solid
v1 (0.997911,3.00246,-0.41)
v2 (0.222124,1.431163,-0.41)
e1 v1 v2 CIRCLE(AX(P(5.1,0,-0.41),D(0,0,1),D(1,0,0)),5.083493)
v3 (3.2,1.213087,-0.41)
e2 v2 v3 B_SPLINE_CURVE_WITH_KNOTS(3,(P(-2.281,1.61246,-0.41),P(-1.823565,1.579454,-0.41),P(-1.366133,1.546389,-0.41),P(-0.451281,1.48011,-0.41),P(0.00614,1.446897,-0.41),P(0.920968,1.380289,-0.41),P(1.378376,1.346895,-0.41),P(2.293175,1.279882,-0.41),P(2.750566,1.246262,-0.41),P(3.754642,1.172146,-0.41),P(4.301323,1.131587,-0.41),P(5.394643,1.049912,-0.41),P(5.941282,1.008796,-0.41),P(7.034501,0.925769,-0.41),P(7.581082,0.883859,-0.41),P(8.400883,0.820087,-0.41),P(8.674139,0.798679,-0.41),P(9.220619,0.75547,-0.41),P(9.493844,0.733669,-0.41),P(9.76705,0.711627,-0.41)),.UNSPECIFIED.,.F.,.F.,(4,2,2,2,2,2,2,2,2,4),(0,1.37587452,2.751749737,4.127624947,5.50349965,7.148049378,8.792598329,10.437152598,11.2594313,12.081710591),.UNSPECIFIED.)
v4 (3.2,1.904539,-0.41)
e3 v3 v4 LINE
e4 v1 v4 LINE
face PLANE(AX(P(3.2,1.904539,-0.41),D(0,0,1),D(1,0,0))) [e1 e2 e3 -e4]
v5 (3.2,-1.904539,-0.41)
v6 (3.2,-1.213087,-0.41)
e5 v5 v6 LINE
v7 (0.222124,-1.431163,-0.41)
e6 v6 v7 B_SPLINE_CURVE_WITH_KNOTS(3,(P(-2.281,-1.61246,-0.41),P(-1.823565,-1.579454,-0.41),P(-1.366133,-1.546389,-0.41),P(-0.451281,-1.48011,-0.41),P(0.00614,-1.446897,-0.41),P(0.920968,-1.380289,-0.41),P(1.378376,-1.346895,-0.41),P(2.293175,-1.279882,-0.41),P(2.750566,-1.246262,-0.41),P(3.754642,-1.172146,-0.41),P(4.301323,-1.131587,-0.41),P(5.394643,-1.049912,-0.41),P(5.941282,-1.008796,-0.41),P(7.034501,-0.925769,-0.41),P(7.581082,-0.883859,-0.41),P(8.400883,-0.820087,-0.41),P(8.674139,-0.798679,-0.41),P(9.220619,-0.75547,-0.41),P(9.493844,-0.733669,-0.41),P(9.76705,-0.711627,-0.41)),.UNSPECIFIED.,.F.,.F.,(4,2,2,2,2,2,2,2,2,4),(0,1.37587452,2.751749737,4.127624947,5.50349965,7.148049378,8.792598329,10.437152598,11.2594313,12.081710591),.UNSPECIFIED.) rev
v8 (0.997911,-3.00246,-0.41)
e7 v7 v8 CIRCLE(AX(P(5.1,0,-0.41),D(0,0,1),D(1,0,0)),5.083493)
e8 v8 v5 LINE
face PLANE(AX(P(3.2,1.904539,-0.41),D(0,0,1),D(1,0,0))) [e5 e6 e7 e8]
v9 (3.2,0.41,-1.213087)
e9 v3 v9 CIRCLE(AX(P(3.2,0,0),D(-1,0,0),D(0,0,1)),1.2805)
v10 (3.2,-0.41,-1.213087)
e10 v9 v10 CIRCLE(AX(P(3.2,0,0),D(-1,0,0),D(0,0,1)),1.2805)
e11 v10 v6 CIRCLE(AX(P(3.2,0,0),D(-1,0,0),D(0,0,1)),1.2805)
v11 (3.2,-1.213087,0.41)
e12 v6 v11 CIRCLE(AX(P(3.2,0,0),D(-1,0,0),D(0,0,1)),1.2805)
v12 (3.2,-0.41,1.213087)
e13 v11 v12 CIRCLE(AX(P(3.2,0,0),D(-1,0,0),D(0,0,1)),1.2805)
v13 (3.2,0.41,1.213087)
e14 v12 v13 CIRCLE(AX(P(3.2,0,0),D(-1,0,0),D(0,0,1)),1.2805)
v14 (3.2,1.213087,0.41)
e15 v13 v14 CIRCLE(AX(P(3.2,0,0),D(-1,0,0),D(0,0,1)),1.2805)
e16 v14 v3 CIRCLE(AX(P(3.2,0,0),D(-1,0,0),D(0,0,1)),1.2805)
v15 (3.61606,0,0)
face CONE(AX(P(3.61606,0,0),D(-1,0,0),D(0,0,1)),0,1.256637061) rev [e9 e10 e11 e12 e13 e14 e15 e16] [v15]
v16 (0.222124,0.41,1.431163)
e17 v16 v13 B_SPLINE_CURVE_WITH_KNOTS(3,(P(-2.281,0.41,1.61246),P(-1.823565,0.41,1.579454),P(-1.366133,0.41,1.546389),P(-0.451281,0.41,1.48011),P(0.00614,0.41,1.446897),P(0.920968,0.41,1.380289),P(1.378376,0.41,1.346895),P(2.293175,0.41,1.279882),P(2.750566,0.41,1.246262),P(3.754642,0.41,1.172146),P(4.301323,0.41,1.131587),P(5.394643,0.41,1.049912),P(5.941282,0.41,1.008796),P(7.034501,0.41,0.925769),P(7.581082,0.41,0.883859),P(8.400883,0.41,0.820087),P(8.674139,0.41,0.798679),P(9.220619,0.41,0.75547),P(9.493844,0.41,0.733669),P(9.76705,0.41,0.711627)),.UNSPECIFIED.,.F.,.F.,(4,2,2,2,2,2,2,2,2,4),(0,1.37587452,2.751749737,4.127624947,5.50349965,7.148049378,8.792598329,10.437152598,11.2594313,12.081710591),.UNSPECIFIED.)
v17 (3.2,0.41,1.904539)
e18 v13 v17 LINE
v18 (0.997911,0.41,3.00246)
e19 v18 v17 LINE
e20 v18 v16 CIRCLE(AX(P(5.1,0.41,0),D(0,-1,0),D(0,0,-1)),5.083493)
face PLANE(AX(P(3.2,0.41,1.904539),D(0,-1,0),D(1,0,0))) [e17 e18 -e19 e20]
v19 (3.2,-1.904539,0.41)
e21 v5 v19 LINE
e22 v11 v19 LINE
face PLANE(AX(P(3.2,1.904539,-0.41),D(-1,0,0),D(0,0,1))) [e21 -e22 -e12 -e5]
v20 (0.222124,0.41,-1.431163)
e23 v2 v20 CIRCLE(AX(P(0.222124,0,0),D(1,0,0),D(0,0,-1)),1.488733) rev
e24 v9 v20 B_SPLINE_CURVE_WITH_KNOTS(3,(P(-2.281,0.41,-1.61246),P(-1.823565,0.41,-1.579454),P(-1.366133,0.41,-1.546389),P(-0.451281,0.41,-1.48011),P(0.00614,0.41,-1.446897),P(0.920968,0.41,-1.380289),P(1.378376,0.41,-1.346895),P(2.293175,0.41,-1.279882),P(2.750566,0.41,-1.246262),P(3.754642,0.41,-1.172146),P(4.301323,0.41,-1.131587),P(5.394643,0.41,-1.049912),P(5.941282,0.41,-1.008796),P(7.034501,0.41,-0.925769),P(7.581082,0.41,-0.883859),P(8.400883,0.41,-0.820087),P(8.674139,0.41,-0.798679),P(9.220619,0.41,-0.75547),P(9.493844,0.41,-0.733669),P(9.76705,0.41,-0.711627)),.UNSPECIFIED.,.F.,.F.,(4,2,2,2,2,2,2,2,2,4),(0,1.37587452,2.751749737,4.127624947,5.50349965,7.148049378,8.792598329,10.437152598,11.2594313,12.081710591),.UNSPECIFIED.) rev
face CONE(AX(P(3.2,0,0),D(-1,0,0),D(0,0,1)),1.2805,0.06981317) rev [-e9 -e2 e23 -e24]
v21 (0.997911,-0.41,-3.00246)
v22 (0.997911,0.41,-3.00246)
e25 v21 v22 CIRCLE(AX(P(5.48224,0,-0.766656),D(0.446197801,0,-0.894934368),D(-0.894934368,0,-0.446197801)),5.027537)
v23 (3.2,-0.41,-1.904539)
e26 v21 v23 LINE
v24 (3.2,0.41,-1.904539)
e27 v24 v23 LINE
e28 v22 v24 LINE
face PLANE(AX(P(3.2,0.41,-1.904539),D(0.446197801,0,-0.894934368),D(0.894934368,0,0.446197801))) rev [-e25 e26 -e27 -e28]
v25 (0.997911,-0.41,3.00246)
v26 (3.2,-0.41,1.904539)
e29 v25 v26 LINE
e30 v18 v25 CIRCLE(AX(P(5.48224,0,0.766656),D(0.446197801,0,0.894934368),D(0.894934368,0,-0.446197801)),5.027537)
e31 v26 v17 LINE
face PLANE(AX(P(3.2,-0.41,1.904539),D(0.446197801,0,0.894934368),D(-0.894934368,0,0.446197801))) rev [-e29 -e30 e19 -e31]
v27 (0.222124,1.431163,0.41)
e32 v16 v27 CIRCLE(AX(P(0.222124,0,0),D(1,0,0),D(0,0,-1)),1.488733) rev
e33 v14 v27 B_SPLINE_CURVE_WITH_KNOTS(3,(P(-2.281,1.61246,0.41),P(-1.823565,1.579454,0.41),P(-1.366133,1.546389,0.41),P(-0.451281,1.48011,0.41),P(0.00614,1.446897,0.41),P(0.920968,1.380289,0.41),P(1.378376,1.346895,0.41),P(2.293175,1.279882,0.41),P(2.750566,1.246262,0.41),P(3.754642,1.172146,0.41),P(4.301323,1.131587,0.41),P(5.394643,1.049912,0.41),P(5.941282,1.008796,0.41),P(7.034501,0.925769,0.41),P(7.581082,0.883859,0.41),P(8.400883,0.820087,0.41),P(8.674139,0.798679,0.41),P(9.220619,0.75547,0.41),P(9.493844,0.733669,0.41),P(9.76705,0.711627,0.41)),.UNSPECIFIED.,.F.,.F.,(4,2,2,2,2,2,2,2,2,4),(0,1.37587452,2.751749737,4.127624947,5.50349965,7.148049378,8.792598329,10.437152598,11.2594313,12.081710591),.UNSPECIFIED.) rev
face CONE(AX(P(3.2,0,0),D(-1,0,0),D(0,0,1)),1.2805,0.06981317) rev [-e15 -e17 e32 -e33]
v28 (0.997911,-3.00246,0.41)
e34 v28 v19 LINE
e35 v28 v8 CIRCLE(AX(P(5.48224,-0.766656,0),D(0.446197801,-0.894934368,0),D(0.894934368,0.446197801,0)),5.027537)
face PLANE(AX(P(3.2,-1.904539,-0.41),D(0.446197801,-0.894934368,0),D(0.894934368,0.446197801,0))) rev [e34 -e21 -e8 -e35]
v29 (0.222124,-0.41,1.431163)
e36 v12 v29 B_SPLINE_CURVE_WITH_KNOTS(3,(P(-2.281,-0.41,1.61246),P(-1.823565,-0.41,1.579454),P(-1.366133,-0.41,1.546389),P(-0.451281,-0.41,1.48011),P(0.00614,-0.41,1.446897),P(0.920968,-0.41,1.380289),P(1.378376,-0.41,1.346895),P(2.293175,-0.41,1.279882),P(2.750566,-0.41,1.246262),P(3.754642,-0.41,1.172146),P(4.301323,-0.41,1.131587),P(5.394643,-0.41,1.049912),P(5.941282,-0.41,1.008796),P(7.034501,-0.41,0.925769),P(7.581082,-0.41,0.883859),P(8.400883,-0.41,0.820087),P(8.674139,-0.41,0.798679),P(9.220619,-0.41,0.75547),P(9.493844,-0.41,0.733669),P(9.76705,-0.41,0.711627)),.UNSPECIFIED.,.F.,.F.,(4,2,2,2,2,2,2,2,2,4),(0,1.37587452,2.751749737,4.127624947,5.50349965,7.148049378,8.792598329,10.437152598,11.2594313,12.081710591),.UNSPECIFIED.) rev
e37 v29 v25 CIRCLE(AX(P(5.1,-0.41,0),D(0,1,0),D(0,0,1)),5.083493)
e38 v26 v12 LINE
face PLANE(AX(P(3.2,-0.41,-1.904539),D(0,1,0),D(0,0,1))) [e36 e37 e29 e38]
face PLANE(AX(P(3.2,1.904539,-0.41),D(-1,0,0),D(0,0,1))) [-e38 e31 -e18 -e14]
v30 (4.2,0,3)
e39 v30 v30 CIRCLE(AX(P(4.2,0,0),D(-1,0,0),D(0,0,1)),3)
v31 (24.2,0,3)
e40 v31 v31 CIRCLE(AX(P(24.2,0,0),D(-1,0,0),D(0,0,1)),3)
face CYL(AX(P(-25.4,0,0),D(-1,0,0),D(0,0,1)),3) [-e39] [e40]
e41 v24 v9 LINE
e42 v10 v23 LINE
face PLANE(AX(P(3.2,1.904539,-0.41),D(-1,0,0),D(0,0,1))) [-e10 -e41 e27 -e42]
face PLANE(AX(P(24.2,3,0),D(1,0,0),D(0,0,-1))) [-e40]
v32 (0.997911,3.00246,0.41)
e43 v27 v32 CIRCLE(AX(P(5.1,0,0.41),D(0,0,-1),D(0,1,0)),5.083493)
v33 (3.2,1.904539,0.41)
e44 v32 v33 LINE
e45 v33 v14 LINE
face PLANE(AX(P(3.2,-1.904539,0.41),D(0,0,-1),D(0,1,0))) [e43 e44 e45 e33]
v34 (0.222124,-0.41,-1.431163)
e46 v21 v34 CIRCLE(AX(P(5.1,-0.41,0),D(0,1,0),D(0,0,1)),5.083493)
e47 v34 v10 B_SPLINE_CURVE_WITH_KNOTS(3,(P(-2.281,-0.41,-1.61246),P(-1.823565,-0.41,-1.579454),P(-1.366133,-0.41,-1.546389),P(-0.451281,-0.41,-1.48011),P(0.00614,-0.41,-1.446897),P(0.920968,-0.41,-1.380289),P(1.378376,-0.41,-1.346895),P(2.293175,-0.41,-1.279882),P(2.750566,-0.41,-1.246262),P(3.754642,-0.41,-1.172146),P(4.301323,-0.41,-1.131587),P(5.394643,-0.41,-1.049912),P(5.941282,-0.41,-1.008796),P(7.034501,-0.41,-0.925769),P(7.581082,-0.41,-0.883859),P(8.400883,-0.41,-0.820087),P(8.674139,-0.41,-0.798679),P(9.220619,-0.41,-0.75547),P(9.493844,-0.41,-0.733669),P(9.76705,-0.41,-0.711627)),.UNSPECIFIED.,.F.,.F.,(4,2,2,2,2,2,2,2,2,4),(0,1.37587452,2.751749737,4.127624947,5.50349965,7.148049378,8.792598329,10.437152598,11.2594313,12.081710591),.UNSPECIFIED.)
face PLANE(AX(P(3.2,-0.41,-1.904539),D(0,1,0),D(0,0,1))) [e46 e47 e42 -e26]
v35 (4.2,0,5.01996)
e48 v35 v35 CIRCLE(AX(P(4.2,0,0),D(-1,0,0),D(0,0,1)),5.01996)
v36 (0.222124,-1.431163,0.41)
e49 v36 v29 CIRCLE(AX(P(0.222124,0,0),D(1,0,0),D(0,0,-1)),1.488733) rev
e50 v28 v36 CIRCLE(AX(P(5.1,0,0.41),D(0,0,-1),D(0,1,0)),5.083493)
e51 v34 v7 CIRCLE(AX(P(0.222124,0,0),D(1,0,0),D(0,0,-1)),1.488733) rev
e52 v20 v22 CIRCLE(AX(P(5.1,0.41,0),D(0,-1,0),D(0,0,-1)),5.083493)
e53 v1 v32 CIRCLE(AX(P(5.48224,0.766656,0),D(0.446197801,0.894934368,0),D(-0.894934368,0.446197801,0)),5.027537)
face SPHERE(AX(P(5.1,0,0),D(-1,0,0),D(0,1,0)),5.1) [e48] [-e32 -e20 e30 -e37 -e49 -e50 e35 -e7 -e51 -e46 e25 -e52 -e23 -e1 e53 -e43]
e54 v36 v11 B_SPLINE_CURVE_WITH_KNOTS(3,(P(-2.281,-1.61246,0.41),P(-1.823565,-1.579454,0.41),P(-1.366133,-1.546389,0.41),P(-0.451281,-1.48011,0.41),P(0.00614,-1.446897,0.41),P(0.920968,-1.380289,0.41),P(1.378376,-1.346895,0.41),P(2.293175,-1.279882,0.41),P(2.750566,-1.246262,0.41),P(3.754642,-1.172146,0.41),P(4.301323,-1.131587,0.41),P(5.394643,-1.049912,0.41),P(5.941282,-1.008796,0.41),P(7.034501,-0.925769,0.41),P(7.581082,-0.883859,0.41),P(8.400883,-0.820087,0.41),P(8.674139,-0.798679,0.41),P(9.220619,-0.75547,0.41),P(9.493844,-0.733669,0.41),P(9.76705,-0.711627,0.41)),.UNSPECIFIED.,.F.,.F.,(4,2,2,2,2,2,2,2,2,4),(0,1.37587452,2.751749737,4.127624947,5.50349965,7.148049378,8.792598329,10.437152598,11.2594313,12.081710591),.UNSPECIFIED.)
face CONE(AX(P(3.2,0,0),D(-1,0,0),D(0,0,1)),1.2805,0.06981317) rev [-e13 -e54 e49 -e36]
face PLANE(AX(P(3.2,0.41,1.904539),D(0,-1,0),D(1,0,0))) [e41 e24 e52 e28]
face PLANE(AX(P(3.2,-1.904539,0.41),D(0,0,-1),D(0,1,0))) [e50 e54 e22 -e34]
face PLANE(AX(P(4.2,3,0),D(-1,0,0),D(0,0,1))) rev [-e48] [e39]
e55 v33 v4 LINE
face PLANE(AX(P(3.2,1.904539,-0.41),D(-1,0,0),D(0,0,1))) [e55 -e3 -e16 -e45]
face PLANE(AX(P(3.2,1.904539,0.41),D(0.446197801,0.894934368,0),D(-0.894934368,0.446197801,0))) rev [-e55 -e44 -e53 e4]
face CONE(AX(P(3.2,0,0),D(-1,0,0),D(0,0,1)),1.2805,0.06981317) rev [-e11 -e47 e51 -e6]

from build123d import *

# Parameters (mm, degrees)
SKETCH3_W    = 0.82
SKETCH3_H    = 7
SKETCH4_W    = 0.82
SKETCH4_H    = 3.809077818
RECPAT_COUNT = 2
RECPAT_ANGLE = 90


with BuildPart() as part:
    # BodySke → Base-Revolve (revolve)
    with BuildSketch(Plane.XY):
        with BuildLine():
            Line((4.2, 3), (4.2, 5.019960159))
            ThreePointArc((4.2, 5.019960159), (1.188478557, 3.272613634), (0, 0))
            Line((0, 0), (24.2, 0))
            Line((24.2, 0), (24.2, 3))
            Line((24.2, 3), (4.2, 3))
        make_face()
    revolve(axis=Axis((-25.4, 0, 0), (1, 0, 0)))

    # Sketch3 → Recess section 0
    with BuildSketch(Plane(origin=(0, 0, 0), x_dir=(0, 0, -1), z_dir=(1, 0, 0))):
        Rectangle(SKETCH3_W, SKETCH3_H)
    # Sketch4 → Recess section 1
    with BuildSketch(Plane(origin=(3.2, 0, 0), x_dir=(0, 0, -1), z_dir=(1, 0, 0))):
        Rectangle(SKETCH4_W, SKETCH4_H)
    recess = loft(mode=Mode.SUBTRACT)

    # RecPat: Recess ×2 about axis
    recpat_axis = Axis((0, 0, 0), (1, 0, 0))
    for i in range(1, RECPAT_COUNT):
        add(recess.rotate(recpat_axis, i * RECPAT_ANGLE / (RECPAT_COUNT - 1)), mode=Mode.SUBTRACT)

    # RecCorSke → RecessCore (revolve, cut)
    with BuildSketch(Plane.XY):
        Polygon((0, 0), (0, 1.504265798), (3.2, 1.2805), (3.616059671, 0), align=None)
    revolve(axis=Axis((-3.175, 0, 0), (1, 0, 0)), mode=Mode.SUBTRACT)


solid = part.part
